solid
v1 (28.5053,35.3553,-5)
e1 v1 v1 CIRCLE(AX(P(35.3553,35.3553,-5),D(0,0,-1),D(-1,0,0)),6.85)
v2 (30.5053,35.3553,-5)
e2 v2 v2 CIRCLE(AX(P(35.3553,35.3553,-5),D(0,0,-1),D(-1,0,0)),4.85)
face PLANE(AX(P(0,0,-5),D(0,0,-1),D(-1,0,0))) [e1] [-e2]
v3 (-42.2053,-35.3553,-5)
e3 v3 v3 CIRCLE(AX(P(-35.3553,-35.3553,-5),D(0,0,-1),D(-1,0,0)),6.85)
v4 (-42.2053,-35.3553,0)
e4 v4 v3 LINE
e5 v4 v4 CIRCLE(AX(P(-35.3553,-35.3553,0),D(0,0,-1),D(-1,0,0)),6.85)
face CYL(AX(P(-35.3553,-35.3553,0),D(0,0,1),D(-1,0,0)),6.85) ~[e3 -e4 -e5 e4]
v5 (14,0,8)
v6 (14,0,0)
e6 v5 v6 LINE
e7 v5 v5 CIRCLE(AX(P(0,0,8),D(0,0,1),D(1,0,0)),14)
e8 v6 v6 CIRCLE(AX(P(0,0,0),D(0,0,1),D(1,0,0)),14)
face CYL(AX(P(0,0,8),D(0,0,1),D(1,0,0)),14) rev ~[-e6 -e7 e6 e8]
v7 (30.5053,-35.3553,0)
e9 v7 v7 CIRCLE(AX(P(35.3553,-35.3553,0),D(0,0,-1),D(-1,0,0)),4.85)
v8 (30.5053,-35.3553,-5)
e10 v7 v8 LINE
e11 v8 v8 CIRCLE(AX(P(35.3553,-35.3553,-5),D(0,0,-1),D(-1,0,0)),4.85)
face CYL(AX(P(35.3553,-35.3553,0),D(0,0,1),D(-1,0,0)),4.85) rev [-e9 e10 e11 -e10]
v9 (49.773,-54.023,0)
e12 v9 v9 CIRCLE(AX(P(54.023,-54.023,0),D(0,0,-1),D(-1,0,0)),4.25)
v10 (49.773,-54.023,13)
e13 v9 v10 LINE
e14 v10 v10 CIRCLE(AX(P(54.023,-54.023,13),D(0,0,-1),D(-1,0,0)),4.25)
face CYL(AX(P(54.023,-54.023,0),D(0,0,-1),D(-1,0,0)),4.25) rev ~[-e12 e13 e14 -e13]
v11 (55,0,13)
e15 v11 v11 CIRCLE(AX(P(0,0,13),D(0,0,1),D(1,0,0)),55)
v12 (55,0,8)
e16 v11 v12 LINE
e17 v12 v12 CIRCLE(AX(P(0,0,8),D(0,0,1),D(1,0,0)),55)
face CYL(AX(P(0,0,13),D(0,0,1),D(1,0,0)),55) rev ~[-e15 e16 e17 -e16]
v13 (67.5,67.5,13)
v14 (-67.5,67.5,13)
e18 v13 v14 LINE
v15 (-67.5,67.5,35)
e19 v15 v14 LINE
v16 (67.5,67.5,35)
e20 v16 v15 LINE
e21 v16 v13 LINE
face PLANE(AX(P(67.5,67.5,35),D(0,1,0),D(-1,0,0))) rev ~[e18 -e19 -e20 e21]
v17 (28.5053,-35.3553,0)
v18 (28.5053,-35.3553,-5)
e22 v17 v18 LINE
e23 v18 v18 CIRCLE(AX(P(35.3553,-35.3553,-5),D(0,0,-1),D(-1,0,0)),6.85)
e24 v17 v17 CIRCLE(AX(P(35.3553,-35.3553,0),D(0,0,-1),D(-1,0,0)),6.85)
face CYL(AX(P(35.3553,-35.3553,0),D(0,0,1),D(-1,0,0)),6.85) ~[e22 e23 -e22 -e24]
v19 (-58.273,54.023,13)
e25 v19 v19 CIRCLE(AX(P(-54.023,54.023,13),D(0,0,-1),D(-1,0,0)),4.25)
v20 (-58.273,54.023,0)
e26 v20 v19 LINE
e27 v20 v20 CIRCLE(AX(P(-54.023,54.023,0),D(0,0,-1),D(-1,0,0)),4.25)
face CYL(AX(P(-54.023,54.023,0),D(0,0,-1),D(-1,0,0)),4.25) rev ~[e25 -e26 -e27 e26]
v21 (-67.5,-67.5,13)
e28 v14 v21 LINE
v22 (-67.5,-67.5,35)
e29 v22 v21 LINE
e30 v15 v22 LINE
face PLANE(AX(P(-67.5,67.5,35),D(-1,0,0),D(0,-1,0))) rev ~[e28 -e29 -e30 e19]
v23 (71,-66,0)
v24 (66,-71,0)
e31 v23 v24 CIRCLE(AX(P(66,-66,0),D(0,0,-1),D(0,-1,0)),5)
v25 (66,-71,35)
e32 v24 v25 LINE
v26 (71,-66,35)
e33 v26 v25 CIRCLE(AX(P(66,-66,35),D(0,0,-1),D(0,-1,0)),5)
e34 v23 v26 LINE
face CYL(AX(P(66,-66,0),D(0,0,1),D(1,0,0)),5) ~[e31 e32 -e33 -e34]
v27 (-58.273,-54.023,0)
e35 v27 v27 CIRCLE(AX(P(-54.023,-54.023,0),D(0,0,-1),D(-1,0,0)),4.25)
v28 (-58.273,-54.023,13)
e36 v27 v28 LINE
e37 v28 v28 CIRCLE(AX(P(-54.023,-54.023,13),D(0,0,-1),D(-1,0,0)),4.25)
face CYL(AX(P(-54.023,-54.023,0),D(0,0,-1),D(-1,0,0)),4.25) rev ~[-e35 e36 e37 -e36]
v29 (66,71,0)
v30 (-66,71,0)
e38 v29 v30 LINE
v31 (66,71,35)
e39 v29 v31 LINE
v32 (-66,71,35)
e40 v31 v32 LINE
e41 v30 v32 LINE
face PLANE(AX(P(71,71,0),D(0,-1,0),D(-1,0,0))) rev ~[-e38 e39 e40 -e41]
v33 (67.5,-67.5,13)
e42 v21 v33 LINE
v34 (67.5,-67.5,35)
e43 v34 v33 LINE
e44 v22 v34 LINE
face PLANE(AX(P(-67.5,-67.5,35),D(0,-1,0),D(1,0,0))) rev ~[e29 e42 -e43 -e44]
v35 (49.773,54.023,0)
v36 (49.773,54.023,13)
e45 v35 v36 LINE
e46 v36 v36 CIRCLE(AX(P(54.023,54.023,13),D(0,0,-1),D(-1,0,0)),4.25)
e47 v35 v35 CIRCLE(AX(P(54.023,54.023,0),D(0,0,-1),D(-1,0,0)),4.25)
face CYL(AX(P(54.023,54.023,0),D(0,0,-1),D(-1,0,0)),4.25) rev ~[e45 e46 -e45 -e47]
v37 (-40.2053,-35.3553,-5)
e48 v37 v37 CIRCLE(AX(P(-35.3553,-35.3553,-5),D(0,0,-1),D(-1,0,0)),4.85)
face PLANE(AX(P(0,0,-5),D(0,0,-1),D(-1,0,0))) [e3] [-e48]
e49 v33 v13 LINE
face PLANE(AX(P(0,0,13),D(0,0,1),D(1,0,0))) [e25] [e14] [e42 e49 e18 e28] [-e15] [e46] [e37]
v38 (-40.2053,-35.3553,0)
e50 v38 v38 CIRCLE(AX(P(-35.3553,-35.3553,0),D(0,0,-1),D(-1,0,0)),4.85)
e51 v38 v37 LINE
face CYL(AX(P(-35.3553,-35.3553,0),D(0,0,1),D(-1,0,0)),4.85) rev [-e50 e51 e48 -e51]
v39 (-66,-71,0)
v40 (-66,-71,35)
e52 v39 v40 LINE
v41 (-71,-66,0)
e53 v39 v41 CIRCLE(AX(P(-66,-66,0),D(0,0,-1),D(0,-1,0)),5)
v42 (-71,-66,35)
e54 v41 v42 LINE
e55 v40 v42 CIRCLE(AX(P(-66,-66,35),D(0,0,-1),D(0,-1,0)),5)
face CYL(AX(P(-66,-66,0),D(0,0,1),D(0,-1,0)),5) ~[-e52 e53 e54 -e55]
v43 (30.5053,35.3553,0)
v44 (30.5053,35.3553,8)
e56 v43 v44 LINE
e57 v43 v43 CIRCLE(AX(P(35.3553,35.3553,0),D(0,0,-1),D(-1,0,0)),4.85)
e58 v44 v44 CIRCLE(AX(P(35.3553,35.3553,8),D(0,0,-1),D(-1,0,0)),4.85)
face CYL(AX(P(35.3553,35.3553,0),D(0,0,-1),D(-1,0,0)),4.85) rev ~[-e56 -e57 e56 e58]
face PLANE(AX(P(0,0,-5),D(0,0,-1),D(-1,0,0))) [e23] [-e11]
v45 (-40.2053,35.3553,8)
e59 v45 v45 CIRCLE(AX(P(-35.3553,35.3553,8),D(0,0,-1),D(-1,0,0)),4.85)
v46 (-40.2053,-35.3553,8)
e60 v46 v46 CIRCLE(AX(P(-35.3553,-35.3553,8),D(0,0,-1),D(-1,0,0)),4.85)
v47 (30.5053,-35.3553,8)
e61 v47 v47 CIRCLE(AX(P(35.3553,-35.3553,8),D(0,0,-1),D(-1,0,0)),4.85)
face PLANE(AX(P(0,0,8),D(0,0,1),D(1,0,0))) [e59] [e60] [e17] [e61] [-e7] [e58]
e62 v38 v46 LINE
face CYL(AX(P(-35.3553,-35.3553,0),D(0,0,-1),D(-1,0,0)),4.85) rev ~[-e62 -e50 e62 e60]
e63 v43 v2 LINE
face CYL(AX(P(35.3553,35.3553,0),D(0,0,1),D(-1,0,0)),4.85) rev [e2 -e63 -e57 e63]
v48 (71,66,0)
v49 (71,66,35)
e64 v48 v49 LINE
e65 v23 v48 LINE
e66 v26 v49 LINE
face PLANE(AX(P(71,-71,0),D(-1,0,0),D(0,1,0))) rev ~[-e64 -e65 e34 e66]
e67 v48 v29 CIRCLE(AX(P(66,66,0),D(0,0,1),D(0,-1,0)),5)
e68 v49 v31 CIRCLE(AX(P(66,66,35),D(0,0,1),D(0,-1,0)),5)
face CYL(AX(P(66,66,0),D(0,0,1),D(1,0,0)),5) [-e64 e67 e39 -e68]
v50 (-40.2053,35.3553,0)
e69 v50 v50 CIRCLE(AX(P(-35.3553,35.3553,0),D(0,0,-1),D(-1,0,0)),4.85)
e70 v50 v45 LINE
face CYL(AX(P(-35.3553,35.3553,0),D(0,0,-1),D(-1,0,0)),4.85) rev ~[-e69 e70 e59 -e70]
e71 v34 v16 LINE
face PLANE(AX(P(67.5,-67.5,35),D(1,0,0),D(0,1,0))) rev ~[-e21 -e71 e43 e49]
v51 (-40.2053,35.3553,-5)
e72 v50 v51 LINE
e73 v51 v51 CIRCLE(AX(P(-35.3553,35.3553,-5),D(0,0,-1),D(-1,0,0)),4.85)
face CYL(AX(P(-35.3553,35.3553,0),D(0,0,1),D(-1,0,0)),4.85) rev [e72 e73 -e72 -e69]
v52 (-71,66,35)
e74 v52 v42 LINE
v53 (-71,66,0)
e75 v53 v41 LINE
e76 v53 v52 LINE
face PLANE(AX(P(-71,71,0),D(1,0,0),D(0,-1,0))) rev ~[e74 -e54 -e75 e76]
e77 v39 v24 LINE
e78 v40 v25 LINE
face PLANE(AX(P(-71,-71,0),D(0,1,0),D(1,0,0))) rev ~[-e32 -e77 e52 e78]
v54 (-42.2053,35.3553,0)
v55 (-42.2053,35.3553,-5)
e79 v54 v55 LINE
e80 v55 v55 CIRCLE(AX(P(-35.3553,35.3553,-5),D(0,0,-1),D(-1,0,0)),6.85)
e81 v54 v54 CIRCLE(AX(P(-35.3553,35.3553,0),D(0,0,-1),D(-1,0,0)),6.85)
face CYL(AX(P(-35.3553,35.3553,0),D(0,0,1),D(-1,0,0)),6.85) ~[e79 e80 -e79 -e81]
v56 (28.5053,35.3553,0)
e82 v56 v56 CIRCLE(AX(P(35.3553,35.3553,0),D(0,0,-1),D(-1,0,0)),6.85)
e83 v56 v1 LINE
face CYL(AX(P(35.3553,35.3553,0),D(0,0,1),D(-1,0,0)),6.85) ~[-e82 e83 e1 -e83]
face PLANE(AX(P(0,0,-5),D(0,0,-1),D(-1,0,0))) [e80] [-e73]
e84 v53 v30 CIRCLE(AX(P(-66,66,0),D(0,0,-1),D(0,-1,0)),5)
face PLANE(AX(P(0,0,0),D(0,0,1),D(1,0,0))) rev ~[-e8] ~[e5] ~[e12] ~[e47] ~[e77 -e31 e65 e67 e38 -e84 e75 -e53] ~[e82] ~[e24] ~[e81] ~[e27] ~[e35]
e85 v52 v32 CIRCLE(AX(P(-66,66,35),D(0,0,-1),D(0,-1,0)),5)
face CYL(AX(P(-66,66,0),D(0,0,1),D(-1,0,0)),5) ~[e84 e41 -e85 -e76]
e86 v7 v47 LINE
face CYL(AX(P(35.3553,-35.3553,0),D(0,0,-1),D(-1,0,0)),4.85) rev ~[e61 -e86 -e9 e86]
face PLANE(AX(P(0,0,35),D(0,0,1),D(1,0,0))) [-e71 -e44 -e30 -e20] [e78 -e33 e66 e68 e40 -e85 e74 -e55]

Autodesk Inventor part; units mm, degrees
ref_plane "YZ Plane" through (0, 0, 0) normal (1, 0, 0) x (0, 1, 0)
ref_plane "XZ Plane" through (0, 0, 0) normal (0, 1, 0) x (-1, 0, 0)
ref_plane "XY Plane" through (0, 0, 0) normal (0, 0, 1) x (1, 0, 0)
sketch "Sketch1" plane through (0, 0, 0) normal (0, 0, 1) x (1, 0, 0)
  line L0 (71, 71) -> (-71, 71)
  line L1 (-71, 71) -> (-71, -71)
  line L2 (-71, -71) -> (71, -71)
  line L3 (71, -71) -> (71, 71)
  point P0 (0, 0)
extrude "Extrusion1" add sketch "Sketch1" along normal blind 35
fillet "Fillet1" radius 5 4 edges at (-71, -71, 17.5) (-71, 71, 17.5) (71, 71, 17.5) (71, -71, 17.5)
sketch "Sketch6" plane through (0, 0, 35) normal (0, 0, 1) x (1, 0, 0)
  line L0 (-67.5, -67.5) -> (67.5, -67.5)
  line L1 (67.5, -67.5) -> (67.5, 67.5)
  line L2 (67.5, 67.5) -> (-67.5, 67.5)
  line L3 (-67.5, 67.5) -> (-67.5, -67.5)
  line L4 (-67.5, -67.5) -> (67.5, 67.5) construction
  line L5 (67.5, -67.5) -> (-67.5, 67.5) construction
  point P0 (0, 0)
  dimension "d26" = 135
  dimension "d27" = 135
extrude "Extrusion6" cut sketch "Sketch6" against normal blind 22
sketch "Sketch7" plane through (0, 0, 13) normal (0, 0, 1) x (1, 0, 0)
  point P0 (0, 0)
sketch "Sketch8" plane through (0, 0, 13) normal (0, 0, 1) x (1, 0, 0)
  circle A0 centre (0, 0) radius 55
  dimension "d30" = 110
extrude "Extrusion7" cut sketch "Sketch8" against normal blind 5
sketch "Sketch9" plane through (0, 0, 8) normal (0, 0, 1) x (1, 0, 0)
  circle A0 centre (0, 0) radius 14
  dimension "d33" = 28
extrude "Extrusion8" cut sketch "Sketch9" against normal through all
sketch "Sketch10" plane through (0, 0, 0) normal (0, 0, -1) x (-1, 0, 0)
  circle A0 centre (0, 0) radius 76.4 construction
  line L0 (0, 0) -> (54.023, -54.023) construction
  line L1 (0, 0) -> (76.4, 0) construction
  line L2 (0, 0) -> (0, -71) construction
  line L3 (66, -71) -> (-66, -71) projected
  line L4 (0, 0) -> (-76.4, 0) construction
  line L5 (-67.5, 67.5) -> (-67.5, -67.5) projected
  circle A1 centre (54.023, -54.023) radius 4.25
  circle A2 centre (-54.023, -54.023) radius 4.25
  circle A3 centre (54.023, 54.023) radius 4.25
  circle A4 centre (-54.023, 54.023) radius 4.25
  circle A5 centre (0, 0) radius 50 construction
  circle A6 centre (35.3553, -35.3553) radius 4.85
  circle A7 centre (-35.3553, -35.3553) radius 4.85
  circle A8 centre (35.3553, 35.3553) radius 4.85
  circle A9 centre (-35.3553, 35.3553) radius 4.85
  dimension "d41" = 100
  dimension "d36" = 152.8
  dimension "d37" = 45
  dimension "d38" = 8.5
  dimension "d42" = 9.7
extrude "Extrusion9" cut sketch "Sketch10" against normal through all
sketch "Sketch12" plane through (0, 0, 0) normal (0, 0, -1) x (-1, 0, 0)
  circle A0 centre (35.3553, -35.3553) radius 4.85 projected
  circle A1 centre (35.3553, 35.3553) radius 4.85 projected
  circle A2 centre (-35.3553, 35.3553) radius 4.85 projected
  circle A3 centre (-35.3553, -35.3553) radius 4.85 projected
  circle A4 centre (35.3553, -35.3553) radius 6.85
  circle A5 centre (-35.3553, -35.3553) radius 6.85
  circle A6 centre (-35.3553, 35.3553) radius 6.85
  circle A7 centre (35.3553, 35.3553) radius 6.85
  point P0 (0, 0)
extrude "Extrusion10" add sketch "Sketch12" along normal blind 5
properties part number "GEARBOX-SUPPORT" material "PET Plastic"
